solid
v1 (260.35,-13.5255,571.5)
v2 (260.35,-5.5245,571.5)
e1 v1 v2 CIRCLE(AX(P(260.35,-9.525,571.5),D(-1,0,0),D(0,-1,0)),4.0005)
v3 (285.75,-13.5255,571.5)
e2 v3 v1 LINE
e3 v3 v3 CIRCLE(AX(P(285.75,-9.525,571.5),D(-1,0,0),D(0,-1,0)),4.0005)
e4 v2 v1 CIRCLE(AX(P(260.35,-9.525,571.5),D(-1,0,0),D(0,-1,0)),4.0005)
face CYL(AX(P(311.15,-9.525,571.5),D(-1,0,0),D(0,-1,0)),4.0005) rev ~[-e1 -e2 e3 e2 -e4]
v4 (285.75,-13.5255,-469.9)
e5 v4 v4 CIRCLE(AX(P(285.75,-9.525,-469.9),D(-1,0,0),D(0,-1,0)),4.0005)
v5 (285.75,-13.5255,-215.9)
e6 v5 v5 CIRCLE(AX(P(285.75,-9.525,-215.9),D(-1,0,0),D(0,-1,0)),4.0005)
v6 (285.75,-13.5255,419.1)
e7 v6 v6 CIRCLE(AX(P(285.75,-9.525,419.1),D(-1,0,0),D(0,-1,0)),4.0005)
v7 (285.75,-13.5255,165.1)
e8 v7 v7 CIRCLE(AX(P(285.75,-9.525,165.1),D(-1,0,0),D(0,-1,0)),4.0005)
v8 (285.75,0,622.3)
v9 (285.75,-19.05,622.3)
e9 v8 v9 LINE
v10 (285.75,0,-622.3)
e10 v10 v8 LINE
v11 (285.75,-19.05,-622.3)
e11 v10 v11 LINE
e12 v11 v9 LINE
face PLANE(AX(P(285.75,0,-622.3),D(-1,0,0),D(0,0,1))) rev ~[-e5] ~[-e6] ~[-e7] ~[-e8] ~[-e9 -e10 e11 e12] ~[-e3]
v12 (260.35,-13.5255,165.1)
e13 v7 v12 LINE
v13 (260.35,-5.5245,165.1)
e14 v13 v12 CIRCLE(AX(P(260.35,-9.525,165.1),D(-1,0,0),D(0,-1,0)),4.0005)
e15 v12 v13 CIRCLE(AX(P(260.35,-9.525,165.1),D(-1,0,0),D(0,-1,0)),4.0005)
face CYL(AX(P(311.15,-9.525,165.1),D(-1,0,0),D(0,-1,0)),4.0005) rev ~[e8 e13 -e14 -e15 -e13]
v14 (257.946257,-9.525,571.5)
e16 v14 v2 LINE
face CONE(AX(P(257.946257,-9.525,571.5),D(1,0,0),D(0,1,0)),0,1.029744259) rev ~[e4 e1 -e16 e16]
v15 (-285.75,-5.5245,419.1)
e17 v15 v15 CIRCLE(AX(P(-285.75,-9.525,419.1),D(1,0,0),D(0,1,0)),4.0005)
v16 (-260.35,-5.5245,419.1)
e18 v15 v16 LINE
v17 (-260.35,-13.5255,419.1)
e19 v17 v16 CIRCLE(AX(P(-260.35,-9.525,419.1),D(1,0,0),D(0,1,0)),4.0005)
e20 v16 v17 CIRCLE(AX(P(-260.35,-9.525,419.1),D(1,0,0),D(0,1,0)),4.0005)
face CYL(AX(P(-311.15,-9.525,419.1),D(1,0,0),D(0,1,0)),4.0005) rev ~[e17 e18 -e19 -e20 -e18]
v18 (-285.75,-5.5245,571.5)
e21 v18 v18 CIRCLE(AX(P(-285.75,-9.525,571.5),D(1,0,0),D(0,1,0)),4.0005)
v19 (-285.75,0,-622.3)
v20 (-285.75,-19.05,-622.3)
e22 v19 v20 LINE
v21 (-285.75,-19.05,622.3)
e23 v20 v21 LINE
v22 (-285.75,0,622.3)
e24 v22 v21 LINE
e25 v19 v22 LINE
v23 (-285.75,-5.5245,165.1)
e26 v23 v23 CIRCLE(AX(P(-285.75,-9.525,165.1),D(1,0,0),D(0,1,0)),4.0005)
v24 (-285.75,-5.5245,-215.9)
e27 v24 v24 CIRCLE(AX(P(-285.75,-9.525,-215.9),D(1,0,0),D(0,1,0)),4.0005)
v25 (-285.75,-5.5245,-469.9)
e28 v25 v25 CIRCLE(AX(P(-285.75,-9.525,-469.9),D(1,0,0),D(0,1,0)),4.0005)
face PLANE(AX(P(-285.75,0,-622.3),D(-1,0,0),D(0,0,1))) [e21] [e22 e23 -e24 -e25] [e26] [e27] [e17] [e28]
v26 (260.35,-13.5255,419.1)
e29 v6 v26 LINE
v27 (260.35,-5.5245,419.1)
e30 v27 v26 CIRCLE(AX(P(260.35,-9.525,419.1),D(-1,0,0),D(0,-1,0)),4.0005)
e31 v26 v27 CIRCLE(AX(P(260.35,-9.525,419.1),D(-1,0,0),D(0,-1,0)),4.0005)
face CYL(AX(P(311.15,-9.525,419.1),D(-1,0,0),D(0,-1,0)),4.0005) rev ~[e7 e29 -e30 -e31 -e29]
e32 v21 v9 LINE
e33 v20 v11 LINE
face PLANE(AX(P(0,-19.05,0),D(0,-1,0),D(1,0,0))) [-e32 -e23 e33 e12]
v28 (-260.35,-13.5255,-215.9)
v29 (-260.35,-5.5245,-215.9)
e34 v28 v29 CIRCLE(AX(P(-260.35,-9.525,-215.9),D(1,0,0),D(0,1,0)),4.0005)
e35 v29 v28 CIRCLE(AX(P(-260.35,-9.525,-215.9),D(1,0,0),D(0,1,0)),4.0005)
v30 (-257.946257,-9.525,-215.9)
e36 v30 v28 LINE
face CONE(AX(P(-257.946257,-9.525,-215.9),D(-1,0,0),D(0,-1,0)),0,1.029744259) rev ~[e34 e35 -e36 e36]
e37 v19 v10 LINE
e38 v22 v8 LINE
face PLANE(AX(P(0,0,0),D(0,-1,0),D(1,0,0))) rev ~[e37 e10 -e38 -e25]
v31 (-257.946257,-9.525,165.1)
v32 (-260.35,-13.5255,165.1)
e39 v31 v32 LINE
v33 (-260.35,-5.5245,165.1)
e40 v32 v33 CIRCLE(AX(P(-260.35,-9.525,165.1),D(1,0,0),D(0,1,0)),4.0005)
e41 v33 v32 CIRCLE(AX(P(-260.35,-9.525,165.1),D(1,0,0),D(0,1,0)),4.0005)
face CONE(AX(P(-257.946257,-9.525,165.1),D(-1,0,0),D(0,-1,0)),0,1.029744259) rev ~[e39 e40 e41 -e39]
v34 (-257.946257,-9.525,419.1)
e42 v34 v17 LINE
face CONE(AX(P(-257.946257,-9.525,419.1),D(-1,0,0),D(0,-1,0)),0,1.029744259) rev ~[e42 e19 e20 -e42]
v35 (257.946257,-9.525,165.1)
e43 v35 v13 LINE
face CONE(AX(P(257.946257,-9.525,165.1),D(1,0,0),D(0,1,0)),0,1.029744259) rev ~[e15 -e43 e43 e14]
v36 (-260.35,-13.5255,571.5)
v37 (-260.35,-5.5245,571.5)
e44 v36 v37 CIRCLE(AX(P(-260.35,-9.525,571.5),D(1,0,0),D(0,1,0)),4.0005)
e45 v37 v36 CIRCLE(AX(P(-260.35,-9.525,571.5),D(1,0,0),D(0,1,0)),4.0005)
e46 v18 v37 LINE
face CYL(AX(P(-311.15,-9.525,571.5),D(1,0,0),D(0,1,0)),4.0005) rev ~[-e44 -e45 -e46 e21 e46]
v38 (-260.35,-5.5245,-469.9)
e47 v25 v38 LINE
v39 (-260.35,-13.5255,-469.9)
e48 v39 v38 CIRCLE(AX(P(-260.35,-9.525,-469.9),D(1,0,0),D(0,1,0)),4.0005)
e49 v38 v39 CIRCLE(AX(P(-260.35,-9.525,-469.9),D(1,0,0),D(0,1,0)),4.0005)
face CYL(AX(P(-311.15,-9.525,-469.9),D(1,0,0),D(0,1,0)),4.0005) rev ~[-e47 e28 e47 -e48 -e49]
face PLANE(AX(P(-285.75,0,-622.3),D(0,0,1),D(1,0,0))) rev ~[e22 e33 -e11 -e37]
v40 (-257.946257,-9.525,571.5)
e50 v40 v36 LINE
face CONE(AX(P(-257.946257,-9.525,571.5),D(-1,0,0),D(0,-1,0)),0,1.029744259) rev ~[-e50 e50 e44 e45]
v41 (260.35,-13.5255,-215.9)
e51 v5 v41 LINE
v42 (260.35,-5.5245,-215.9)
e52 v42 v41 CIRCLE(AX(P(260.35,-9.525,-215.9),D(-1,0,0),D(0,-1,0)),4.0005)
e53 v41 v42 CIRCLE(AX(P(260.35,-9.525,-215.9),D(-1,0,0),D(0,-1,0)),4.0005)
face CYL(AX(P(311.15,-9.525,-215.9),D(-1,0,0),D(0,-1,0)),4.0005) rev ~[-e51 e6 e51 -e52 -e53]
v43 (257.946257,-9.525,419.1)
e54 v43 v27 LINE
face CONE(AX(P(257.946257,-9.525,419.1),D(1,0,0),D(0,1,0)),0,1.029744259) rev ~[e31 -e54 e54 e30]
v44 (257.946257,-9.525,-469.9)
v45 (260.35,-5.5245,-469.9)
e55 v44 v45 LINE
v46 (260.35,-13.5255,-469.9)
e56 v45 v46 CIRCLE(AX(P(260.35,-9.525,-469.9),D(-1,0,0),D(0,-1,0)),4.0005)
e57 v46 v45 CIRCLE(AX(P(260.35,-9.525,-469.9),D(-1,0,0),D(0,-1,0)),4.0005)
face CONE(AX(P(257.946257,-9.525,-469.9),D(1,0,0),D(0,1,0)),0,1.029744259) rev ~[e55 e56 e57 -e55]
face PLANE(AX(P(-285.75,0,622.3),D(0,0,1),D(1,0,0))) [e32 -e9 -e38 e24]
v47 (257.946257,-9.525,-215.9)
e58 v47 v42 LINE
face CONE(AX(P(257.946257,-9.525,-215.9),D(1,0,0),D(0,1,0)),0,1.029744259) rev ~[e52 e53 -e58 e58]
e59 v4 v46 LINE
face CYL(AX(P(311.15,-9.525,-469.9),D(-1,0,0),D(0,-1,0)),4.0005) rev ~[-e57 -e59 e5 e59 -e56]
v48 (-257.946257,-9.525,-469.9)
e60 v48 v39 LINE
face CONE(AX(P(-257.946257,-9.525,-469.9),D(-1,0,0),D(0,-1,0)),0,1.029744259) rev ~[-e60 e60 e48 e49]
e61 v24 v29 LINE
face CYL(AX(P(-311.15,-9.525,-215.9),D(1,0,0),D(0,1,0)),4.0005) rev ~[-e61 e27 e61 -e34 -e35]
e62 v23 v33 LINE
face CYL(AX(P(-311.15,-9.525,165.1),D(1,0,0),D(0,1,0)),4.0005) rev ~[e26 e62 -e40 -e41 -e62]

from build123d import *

# Parameters (mm, degrees)
F0_W     = 571.5
F0_H     = 1244.6
F1_DEPTH = 19.05
F3_D     = 8.001
F3_DEPTH = 25.4
F3_TIP   = 2.4037429064
F5_D     = 8.001
F5_DEPTH = 25.4
F5_TIP   = 2.4037429064


with BuildPart() as f1:
    # F0 (on Front) → F1 (new body)
    with BuildSketch(Plane.XZ):
        Rectangle(F0_W, F0_H)
    extrude(amount=F1_DEPTH)

    # F3
    with Locations(Plane.YZ.offset(285.75)):
        with Locations((-9.525, 571.5), (-9.525, 419.1), (-9.525, 165.1), (-9.525, -215.9), (-9.525, -469.9)):
            Hole(F3_D / 2, depth=F3_DEPTH)
            with Locations((0, 0, -(F3_DEPTH + F3_TIP / 2))):  # 118° drill point
                Cone(0, F3_D / 2, F3_TIP, mode=Mode.SUBTRACT)

    # F5
    with Locations(Plane(origin=(-285.75, 0, 0), x_dir=(0, -1, 0), z_dir=(-1, 0, 0))):
        with Locations((9.525, 571.5), (9.525, 419.1), (9.525, 165.1), (9.525, -215.9), (9.525, -469.9)):
            Hole(F5_D / 2, depth=F5_DEPTH)
            with Locations((0, 0, -(F5_DEPTH + F5_TIP / 2))):  # 118° drill point
                Cone(0, F5_D / 2, F5_TIP, mode=Mode.SUBTRACT)


solid = f1.part
